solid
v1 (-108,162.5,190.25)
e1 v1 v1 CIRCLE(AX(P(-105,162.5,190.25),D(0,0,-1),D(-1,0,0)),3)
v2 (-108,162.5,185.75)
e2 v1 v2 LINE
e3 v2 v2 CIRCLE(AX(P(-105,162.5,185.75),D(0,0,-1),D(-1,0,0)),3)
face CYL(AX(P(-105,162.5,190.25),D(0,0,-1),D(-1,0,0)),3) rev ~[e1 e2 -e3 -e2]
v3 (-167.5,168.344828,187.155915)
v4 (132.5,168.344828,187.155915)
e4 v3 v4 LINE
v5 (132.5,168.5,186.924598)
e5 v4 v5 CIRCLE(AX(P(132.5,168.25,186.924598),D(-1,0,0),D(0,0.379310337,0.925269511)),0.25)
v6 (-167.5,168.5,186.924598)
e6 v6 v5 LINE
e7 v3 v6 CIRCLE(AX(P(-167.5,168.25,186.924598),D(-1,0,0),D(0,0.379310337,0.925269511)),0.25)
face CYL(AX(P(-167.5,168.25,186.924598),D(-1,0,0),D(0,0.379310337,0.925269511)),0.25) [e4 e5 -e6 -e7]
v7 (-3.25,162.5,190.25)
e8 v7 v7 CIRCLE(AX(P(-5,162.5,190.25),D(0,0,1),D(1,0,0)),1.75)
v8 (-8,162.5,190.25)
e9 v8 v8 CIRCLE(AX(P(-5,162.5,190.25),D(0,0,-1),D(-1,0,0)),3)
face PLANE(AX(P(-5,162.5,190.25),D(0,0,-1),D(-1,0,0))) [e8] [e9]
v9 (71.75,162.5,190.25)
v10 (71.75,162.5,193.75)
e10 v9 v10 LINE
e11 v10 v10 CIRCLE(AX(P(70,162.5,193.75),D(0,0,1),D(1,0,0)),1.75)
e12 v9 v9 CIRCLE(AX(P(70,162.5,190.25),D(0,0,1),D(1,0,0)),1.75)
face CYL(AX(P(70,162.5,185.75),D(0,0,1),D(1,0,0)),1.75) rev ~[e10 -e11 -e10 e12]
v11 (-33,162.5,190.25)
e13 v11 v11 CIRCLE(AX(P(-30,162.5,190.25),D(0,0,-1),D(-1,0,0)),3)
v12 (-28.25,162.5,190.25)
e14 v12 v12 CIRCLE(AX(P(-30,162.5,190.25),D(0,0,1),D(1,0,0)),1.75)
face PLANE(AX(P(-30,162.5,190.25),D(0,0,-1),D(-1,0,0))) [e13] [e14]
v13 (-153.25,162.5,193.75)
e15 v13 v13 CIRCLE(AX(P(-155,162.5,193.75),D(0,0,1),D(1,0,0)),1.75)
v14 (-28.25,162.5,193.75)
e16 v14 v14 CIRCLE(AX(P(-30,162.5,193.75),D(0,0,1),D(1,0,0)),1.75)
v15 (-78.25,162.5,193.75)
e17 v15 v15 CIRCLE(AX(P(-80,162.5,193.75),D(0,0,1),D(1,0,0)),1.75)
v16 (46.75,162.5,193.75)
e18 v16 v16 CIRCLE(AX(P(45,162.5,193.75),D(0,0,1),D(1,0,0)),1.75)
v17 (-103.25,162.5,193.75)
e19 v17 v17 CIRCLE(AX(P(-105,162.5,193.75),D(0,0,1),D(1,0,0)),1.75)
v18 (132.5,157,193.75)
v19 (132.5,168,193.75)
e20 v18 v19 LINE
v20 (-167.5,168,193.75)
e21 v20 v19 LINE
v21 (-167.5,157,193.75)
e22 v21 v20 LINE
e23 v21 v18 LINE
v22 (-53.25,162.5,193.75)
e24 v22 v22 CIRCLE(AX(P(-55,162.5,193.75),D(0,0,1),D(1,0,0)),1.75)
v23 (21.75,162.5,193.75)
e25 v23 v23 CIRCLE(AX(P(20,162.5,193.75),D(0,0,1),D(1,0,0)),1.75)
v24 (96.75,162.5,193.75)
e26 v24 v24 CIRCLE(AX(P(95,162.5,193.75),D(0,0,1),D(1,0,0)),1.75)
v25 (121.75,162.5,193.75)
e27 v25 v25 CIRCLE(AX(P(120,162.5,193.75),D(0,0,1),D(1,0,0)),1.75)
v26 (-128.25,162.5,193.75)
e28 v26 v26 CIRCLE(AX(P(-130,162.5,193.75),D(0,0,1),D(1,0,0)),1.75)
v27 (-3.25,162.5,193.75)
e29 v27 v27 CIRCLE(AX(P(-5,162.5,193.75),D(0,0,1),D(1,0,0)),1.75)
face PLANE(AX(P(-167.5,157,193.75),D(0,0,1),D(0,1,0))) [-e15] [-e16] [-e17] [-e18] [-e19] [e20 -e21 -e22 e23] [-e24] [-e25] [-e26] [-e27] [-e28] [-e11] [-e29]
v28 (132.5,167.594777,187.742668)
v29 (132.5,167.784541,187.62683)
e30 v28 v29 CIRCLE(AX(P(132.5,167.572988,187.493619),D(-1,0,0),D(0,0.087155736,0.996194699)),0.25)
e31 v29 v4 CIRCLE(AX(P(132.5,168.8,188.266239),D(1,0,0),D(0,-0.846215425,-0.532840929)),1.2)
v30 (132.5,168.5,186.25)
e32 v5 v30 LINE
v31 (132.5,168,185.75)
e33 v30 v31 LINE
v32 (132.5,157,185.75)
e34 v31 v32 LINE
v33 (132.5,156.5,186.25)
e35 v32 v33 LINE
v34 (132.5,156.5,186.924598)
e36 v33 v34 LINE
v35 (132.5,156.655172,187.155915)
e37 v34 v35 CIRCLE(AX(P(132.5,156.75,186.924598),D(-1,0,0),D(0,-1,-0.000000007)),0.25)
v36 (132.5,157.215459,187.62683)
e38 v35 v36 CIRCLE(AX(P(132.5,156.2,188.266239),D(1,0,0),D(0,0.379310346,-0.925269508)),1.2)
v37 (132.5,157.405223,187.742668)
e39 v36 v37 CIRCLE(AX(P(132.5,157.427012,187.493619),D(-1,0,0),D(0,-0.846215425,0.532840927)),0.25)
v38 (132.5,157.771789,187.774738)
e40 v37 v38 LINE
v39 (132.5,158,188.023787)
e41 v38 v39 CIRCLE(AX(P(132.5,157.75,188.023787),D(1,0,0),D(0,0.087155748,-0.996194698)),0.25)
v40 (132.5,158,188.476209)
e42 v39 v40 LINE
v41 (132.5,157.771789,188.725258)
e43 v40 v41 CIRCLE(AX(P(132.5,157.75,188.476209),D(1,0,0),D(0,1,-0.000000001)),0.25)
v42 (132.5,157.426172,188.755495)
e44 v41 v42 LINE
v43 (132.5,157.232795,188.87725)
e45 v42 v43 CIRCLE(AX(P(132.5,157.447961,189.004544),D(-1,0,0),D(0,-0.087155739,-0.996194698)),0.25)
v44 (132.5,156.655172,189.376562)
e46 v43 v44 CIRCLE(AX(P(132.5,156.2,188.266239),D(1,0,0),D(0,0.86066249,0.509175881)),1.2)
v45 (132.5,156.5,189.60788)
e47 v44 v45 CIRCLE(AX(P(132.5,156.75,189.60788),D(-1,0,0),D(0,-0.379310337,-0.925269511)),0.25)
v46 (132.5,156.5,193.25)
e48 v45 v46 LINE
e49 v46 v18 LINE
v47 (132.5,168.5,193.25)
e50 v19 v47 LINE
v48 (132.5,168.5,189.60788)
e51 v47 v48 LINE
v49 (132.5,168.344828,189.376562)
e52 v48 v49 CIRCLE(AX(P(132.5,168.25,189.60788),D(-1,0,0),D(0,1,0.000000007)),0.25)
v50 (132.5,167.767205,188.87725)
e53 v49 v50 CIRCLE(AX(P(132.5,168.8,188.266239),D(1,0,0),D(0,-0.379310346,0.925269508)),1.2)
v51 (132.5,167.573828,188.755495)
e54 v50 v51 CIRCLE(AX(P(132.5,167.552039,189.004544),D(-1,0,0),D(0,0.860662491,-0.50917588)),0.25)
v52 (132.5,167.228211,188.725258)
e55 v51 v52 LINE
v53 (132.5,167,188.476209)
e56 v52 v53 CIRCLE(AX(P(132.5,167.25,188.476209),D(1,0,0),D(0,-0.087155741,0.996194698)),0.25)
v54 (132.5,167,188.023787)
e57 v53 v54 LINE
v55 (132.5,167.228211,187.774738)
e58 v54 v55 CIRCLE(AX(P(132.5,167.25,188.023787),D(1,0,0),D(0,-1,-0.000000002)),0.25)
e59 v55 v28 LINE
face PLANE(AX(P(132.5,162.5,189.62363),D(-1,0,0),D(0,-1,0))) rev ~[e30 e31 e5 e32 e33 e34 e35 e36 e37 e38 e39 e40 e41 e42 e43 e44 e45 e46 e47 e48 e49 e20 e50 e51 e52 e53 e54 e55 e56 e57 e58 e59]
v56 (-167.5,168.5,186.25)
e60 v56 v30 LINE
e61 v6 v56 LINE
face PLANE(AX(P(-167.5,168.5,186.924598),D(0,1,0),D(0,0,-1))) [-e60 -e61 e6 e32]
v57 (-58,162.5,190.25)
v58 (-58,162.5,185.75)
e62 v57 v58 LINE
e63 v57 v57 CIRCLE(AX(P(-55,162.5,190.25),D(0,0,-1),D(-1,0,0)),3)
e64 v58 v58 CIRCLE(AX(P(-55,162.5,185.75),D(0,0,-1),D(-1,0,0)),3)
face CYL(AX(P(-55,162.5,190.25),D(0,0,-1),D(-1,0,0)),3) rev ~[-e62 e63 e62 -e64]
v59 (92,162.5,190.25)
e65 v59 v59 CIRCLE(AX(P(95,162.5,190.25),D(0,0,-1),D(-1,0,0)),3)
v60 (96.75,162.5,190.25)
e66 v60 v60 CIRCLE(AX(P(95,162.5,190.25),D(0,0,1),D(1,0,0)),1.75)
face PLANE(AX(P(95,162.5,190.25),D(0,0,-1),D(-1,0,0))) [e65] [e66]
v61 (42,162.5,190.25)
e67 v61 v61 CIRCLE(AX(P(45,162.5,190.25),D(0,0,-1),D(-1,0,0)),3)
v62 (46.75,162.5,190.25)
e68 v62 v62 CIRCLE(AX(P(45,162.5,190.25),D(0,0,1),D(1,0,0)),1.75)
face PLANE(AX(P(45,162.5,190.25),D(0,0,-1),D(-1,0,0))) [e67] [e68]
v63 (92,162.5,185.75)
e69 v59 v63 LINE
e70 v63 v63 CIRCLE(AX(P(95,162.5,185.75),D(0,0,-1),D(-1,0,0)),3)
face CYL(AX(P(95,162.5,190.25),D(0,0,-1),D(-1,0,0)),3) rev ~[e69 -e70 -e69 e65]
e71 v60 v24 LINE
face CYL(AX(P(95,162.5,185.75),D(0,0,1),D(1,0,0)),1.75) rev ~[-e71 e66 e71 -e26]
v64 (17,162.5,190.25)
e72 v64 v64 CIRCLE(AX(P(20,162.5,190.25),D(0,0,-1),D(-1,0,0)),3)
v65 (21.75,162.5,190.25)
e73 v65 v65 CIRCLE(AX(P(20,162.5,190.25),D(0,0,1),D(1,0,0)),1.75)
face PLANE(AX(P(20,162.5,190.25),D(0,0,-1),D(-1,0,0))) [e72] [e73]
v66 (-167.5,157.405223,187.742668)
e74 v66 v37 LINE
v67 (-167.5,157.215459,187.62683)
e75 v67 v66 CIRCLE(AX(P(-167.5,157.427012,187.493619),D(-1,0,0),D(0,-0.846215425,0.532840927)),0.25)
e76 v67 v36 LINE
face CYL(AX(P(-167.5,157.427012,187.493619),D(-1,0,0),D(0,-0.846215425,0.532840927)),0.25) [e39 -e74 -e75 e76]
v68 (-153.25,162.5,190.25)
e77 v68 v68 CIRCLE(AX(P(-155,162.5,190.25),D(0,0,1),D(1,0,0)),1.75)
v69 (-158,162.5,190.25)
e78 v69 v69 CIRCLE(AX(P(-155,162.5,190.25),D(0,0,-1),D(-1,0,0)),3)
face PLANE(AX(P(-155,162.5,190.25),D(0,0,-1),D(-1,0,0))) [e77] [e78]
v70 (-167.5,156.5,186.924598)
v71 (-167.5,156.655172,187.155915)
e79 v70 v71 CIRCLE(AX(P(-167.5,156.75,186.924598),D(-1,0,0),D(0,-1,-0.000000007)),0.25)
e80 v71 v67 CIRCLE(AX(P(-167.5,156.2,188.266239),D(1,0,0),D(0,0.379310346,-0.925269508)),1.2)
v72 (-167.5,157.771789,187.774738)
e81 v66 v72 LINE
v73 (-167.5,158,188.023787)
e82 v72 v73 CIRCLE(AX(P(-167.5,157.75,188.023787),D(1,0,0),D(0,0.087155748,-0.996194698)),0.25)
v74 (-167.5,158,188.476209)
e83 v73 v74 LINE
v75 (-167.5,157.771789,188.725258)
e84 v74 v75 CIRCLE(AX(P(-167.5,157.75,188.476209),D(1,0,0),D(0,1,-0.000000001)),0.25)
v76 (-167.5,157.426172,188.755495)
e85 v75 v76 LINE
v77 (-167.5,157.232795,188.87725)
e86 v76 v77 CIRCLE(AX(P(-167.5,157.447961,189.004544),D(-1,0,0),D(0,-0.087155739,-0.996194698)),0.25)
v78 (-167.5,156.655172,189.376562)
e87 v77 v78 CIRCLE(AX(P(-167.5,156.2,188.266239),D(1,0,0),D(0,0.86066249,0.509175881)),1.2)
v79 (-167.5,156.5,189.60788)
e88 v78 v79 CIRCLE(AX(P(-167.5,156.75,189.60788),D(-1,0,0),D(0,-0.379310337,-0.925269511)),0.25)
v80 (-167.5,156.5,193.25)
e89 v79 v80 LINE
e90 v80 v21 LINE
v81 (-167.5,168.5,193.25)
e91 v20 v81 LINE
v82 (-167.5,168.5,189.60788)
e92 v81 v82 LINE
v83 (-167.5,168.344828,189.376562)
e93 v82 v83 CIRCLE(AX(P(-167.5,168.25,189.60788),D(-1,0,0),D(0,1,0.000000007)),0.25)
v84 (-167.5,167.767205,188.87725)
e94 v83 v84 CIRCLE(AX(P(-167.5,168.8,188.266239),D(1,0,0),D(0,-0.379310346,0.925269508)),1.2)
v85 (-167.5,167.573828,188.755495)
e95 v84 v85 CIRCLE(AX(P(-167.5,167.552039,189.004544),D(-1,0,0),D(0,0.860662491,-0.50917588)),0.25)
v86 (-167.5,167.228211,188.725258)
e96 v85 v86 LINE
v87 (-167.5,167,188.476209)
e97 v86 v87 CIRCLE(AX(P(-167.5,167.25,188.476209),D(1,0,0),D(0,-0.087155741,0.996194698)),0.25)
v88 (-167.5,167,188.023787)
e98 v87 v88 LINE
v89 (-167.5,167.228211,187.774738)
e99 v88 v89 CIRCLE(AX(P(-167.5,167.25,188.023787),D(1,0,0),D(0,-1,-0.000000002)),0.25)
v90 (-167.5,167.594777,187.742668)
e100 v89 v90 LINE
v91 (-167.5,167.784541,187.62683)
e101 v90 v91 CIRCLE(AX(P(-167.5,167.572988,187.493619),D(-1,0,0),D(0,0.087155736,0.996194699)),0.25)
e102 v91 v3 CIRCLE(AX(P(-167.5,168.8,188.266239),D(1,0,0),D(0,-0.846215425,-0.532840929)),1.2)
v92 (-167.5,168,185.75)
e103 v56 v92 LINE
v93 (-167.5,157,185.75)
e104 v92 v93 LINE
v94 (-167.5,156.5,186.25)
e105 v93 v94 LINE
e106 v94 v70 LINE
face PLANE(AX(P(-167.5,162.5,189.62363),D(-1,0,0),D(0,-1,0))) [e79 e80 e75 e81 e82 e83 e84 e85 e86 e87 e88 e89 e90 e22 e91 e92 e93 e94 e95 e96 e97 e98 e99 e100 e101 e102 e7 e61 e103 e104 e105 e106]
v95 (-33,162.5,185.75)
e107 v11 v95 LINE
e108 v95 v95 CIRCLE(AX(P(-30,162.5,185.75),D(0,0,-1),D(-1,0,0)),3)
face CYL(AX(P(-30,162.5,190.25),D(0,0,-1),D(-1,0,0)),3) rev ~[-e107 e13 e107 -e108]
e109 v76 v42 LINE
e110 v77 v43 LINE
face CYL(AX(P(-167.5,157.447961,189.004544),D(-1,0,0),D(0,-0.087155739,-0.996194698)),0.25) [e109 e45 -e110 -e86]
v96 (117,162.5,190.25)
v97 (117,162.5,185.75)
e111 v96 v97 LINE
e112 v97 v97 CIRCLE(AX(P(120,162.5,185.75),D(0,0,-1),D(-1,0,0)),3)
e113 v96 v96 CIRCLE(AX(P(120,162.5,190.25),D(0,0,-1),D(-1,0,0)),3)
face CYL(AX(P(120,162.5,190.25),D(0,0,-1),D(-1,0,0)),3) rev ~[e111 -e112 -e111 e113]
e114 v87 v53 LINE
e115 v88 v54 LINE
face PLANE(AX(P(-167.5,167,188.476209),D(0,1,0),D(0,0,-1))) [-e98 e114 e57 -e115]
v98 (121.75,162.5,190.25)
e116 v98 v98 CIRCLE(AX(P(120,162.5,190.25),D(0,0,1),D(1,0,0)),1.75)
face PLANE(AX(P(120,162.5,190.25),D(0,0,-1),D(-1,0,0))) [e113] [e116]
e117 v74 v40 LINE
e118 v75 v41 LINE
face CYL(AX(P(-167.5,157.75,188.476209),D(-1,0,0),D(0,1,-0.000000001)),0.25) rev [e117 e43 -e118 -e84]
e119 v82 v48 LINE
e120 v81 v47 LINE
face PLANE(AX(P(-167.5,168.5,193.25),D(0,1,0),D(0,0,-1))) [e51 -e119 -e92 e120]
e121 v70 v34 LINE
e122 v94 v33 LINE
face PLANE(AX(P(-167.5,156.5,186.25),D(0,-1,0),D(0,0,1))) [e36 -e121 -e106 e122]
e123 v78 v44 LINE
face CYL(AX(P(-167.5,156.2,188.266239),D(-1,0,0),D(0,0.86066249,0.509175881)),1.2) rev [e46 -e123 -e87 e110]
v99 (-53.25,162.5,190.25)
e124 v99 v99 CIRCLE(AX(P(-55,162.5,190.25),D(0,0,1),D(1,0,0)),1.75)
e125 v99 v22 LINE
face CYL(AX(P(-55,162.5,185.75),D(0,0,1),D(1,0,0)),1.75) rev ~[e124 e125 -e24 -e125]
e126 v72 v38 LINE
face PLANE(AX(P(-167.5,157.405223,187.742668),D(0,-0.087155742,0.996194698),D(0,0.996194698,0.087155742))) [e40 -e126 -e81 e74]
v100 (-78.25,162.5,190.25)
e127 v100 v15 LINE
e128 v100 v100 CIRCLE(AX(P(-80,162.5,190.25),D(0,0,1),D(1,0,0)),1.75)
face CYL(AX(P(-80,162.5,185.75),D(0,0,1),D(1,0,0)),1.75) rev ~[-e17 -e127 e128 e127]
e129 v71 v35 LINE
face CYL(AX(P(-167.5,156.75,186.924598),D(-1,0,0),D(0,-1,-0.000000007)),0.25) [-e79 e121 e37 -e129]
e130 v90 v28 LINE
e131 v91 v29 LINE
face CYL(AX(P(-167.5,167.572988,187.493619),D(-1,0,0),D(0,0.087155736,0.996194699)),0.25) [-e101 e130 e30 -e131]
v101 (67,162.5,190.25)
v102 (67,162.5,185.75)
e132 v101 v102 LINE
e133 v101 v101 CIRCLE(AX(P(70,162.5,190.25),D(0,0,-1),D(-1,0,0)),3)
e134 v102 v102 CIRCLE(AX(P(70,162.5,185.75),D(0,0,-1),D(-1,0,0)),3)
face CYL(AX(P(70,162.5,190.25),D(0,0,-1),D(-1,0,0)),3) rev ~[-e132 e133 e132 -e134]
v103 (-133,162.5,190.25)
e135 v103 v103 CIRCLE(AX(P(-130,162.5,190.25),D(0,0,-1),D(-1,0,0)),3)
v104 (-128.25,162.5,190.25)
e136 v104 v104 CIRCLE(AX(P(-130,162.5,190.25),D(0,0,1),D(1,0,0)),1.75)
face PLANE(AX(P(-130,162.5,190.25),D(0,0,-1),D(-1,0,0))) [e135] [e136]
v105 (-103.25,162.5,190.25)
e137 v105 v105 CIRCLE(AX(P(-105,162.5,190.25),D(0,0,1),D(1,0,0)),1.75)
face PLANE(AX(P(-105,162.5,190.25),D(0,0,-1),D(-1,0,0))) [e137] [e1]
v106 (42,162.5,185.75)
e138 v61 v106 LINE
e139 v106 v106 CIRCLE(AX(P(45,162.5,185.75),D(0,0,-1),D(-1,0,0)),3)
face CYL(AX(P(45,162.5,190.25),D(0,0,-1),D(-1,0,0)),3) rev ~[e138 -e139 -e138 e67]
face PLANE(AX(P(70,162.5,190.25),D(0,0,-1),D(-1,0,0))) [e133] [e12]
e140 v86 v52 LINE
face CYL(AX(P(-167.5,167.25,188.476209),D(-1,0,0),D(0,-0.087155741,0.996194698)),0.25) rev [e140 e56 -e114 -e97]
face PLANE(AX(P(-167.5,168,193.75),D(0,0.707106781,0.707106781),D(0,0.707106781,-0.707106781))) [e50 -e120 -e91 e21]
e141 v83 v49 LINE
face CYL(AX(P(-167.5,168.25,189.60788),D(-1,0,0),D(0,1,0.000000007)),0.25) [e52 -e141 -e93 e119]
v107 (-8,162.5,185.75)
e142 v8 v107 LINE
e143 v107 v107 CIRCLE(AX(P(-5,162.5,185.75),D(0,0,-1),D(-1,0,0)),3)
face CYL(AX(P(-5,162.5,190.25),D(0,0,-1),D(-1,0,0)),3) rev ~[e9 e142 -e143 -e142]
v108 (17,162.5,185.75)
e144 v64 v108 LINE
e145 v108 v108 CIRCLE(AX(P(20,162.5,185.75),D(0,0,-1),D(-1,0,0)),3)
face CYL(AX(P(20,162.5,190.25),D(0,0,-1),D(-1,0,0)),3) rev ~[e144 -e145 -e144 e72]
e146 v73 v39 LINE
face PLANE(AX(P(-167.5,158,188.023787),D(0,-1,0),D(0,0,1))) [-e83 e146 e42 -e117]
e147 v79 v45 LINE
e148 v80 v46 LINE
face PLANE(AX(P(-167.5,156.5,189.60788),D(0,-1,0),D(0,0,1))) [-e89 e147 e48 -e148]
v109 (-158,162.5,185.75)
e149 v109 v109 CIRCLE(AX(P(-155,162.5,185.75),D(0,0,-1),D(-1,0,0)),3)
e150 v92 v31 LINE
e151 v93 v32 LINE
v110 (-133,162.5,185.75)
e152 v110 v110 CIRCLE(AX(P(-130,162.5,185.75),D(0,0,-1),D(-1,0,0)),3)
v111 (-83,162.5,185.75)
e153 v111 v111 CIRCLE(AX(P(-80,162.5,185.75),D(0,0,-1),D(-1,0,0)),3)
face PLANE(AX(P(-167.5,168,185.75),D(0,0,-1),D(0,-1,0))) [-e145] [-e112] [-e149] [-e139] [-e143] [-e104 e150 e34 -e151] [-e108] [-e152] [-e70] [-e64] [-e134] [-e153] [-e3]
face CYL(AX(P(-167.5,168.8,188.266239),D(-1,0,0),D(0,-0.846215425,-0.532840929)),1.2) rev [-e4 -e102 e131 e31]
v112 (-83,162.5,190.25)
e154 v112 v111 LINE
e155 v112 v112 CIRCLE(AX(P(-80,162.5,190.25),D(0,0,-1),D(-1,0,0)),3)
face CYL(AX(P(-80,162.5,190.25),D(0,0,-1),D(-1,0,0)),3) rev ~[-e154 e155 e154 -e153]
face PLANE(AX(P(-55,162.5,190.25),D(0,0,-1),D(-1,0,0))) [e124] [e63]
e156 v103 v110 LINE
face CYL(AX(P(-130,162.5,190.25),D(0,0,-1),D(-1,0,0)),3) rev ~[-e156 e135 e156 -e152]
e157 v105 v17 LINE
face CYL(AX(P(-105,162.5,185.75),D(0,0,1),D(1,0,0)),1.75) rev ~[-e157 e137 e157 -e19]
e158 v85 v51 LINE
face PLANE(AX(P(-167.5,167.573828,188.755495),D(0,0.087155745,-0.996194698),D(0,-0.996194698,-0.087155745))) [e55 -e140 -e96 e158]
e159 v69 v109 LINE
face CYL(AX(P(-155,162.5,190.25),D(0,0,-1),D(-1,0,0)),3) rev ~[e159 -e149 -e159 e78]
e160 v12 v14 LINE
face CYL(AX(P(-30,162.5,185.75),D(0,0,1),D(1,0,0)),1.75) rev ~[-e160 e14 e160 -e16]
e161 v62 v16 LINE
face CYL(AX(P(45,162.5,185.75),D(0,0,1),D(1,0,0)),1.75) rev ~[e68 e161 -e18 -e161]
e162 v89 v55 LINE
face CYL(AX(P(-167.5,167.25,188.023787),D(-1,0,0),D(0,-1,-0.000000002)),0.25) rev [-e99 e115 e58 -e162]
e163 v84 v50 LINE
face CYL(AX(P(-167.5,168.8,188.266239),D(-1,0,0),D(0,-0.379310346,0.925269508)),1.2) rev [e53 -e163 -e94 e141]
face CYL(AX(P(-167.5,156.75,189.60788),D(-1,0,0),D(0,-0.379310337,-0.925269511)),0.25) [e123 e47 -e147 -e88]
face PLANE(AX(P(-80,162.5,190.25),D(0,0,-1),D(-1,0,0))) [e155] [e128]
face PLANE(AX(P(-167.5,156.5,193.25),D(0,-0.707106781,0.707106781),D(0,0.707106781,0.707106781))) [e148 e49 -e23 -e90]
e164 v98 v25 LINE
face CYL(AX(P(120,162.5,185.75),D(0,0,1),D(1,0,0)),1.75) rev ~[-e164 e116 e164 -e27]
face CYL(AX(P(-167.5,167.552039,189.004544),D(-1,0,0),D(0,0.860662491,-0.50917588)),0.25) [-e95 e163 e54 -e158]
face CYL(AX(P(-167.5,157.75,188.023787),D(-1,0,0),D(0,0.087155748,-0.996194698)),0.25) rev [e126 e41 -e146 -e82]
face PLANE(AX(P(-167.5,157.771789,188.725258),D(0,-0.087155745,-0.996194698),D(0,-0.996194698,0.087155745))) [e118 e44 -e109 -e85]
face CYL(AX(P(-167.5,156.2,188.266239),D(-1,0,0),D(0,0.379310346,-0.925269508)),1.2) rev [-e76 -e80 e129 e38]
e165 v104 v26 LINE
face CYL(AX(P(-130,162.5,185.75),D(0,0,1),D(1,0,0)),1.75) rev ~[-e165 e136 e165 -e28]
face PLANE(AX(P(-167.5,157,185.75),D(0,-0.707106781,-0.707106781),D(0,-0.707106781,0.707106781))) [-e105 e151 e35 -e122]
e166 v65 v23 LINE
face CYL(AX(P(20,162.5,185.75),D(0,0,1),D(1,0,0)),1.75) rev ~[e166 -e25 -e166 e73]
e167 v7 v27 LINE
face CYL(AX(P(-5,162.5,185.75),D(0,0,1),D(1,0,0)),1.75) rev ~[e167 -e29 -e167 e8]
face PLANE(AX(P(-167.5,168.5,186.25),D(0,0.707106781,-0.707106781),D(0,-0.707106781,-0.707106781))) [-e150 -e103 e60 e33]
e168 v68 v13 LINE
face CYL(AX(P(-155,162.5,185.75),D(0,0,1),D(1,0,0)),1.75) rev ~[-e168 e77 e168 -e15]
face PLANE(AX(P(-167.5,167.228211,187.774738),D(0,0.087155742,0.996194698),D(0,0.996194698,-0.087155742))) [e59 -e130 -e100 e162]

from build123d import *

# Parameters (mm, degrees)
BOSS_EXTRU_1_DEPTH                                 = 300
CHAMBRAGE_POUR_VIS_T_TE_HEXAGONALE_M31_D           = 3.5
CHAMBRAGE_POUR_VIS_T_TE_HEXAGONALE_M31_DEPTH       = 8.000000001
CHAMBRAGE_POUR_VIS_T_TE_HEXAGONALE_M31_CBORE_D     = 6
CHAMBRAGE_POUR_VIS_T_TE_HEXAGONALE_M31_CBORE_DEPTH = 4.500000001


with BuildPart() as part:
    # Esquisse1 → Boss.-Extru.1 (new body)
    with BuildSketch(Plane(origin=(-167.5, 0, 0), x_dir=(0, -1, 0), z_dir=(-1, 0, 0))):
        with BuildLine():
            Line((-157, 193.75), (-168, 193.75))
            Line((-168, 193.75), (-168.5, 193.25))
            Line((-168.5, 193.25), (-168.5, 189.607879579))
            ThreePointArc((-168.5, 189.607879579), (-168.4576137, 189.468608075), (-168.344827586, 189.376562202))
            ThreePointArc((-168.344827586, 189.376562202), (-168.01524529, 189.174071401), (-167.767205011, 188.877249849))
            ThreePointArc((-167.767205011, 188.877249849), (-167.685241932, 188.792985122), (-167.573828324, 188.755495145))
            Line((-167.573828324, 188.755495145), (-167.228211064, 188.725257552))
            ThreePointArc((-167.228211064, 188.725257552), (-167.065680666, 188.64510643), (-167, 188.476208878))
            Line((-167, 188.476208878), (-167, 188.023787121))
            ThreePointArc((-167, 188.023787121), (-167.065680666, 187.854889569), (-167.228211064, 187.774738446))
            Line((-167.228211064, 187.774738446), (-167.59477657, 187.74266812))
            ThreePointArc((-167.59477657, 187.74266812), (-167.703244499, 187.707004425), (-167.784541491, 187.626829678))
            ThreePointArc((-167.784541491, 187.626829678), (-168.027906161, 187.347614221), (-168.344827586, 187.155915383))
            ThreePointArc((-168.344827586, 187.155915383), (-168.4576137, 187.06386951), (-168.5, 186.924598006))
            Line((-168.5, 186.924598006), (-168.5, 186.249999999))
            Line((-168.5, 186.249999999), (-168, 185.749999999))
            Line((-168, 185.749999999), (-157, 185.749999999))
            Line((-157, 185.749999999), (-156.5, 186.249999999))
            Line((-156.5, 186.249999999), (-156.5, 186.924598006))
            ThreePointArc((-156.5, 186.924598006), (-156.5423863, 187.06386951), (-156.655172414, 187.155915383))
            ThreePointArc((-156.655172414, 187.155915383), (-156.972093839, 187.347614221), (-157.215458509, 187.626829678))
            ThreePointArc((-157.215458509, 187.626829678), (-157.296755501, 187.707004425), (-157.40522343, 187.74266812))
            Line((-157.40522343, 187.74266812), (-157.771788936, 187.774738446))
            ThreePointArc((-157.771788936, 187.774738446), (-157.934319334, 187.854889569), (-158, 188.023787121))
            Line((-158, 188.023787121), (-158, 188.476208878))
            ThreePointArc((-158, 188.476208878), (-157.934319334, 188.64510643), (-157.771788936, 188.725257552))
            Line((-157.771788936, 188.725257552), (-157.426171676, 188.755495145))
            ThreePointArc((-157.426171676, 188.755495145), (-157.314758068, 188.792985122), (-157.232794989, 188.877249849))
            ThreePointArc((-157.232794989, 188.877249849), (-156.98475471, 189.174071401), (-156.655172414, 189.376562202))
            ThreePointArc((-156.655172414, 189.376562202), (-156.5423863, 189.468608075), (-156.5, 189.607879579))
            Line((-156.5, 189.607879579), (-156.5, 193.25))
            Line((-156.5, 193.25), (-157, 193.75))
        make_face()
    extrude(amount=-BOSS_EXTRU_1_DEPTH)

    # Chambrage pour vis à tête hexagonale M31
    with Locations(Plane(origin=(0, 0, 185.749999999), x_dir=(-1, 0, 0), z_dir=(0, 0, -1))):
        with Locations((155, 162.5), (130, 162.5), (105, 162.5), (80, 162.5), (55, 162.5), (30, 162.5), (5, 162.5), (-20, 162.5), (-45, 162.5), (-70, 162.5), (-95, 162.5), (-120, 162.5), (-147.5, 162.5)):
            CounterBoreHole(CHAMBRAGE_POUR_VIS_T_TE_HEXAGONALE_M31_D / 2, CHAMBRAGE_POUR_VIS_T_TE_HEXAGONALE_M31_CBORE_D / 2, CHAMBRAGE_POUR_VIS_T_TE_HEXAGONALE_M31_CBORE_DEPTH, depth=CHAMBRAGE_POUR_VIS_T_TE_HEXAGONALE_M31_DEPTH)


solid = part.part
